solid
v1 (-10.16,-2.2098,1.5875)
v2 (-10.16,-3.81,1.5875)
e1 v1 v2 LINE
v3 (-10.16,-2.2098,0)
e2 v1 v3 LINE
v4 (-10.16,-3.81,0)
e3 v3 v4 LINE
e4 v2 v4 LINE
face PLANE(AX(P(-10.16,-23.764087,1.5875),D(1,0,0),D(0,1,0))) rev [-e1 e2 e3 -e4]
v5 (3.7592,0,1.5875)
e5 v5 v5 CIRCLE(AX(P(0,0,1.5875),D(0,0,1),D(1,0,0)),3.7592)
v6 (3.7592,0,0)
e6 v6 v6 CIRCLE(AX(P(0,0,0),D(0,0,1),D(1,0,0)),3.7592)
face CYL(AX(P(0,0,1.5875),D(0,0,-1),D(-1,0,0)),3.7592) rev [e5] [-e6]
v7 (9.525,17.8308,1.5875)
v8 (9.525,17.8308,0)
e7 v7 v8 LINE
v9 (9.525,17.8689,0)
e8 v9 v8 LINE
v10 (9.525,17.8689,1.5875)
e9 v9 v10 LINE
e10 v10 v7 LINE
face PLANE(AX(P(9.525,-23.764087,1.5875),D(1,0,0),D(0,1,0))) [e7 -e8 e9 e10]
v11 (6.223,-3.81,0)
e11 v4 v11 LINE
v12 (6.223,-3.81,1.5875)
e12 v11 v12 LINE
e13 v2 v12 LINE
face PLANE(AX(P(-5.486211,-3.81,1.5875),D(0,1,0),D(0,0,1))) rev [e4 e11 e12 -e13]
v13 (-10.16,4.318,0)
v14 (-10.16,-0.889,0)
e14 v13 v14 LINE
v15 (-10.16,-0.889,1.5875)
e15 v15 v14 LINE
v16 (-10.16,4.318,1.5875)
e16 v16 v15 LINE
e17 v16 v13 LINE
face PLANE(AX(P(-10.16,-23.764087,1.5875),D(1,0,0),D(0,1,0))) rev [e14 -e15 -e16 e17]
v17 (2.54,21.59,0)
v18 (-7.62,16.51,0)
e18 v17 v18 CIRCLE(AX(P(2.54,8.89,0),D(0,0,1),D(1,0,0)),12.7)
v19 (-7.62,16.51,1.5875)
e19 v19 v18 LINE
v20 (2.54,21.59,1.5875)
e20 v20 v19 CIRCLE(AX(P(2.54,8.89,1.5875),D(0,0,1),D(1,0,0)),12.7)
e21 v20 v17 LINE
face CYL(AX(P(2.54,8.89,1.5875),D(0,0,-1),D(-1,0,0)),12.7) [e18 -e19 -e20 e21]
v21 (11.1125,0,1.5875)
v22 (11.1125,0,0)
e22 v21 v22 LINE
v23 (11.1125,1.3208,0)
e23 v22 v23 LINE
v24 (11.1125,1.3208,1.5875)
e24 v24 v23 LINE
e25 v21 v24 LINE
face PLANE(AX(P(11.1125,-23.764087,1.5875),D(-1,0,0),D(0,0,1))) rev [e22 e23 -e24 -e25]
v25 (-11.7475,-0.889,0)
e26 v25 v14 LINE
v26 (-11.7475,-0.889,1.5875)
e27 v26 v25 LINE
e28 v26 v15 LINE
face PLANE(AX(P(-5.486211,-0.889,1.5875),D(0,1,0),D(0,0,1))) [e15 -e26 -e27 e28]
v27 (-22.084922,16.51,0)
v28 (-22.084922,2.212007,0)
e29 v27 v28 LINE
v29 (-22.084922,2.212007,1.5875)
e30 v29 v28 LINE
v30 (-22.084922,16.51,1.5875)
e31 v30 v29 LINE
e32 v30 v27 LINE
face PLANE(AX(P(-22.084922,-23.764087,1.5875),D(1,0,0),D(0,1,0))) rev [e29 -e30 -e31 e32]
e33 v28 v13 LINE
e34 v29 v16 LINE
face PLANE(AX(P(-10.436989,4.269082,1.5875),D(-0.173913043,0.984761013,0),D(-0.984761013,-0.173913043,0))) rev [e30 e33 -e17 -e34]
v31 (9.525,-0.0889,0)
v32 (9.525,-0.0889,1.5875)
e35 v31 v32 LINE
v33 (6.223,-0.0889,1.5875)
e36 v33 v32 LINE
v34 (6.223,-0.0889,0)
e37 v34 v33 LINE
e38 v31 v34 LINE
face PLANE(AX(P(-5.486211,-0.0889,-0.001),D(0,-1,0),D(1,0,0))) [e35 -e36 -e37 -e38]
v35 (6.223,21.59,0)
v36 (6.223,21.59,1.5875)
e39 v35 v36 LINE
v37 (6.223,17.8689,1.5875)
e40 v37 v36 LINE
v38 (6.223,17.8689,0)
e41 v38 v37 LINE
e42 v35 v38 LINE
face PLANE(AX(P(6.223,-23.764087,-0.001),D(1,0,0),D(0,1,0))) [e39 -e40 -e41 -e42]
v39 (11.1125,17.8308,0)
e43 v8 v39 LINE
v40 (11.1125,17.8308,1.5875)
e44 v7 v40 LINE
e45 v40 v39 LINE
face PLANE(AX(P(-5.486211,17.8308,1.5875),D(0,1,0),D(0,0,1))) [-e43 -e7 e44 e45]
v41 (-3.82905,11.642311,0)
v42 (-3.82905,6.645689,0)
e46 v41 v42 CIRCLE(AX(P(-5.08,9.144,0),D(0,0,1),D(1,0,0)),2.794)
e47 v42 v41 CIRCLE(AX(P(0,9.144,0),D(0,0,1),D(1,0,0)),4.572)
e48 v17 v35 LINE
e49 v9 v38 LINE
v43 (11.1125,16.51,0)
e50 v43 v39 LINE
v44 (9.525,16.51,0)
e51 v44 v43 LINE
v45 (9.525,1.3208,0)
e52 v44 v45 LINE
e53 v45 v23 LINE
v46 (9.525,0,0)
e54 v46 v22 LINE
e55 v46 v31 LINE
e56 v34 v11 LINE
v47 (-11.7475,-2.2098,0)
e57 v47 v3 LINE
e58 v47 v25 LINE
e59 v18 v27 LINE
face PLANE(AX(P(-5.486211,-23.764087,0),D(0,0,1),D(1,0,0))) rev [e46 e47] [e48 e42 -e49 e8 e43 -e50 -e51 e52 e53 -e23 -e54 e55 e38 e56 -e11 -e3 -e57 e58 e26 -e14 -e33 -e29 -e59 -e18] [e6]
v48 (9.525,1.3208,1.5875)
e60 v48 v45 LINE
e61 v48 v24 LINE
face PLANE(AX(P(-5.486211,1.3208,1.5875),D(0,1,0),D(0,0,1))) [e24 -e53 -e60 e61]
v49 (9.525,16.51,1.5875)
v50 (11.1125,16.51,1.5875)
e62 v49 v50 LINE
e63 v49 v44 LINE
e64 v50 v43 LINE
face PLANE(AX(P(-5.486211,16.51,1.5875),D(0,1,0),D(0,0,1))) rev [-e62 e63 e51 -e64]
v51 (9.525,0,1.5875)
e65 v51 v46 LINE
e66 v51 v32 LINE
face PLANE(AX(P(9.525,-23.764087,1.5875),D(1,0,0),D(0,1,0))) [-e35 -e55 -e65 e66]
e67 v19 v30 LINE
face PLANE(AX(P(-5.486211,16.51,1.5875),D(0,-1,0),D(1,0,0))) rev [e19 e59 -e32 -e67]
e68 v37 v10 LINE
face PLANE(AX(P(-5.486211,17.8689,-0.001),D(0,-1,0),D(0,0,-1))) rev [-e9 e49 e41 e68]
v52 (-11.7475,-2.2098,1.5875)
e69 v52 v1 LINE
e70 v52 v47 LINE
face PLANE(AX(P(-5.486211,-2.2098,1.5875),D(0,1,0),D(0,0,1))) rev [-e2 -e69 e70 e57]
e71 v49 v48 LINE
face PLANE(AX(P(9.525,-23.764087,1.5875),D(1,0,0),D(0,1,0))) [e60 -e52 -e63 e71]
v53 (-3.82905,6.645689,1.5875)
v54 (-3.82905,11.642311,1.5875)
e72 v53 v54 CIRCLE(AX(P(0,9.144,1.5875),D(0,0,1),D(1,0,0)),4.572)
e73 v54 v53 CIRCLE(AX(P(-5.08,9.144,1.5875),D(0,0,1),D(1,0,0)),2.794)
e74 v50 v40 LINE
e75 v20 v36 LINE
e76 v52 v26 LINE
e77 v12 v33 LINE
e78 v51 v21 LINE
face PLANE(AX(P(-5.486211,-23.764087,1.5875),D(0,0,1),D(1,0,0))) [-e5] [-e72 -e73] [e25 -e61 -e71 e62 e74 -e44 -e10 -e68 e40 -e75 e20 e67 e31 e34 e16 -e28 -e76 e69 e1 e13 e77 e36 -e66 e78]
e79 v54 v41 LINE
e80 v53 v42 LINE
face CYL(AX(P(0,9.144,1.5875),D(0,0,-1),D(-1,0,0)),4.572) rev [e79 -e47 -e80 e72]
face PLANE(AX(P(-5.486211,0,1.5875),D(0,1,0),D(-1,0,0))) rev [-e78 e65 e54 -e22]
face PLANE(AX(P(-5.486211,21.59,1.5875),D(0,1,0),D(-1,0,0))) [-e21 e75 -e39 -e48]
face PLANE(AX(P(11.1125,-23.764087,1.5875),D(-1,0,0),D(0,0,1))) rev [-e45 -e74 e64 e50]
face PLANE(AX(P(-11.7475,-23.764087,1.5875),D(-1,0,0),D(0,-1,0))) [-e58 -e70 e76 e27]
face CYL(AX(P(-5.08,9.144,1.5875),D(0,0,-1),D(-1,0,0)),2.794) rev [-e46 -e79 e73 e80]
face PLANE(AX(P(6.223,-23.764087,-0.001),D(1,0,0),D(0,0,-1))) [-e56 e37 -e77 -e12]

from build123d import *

# Parameters (mm, degrees)
SKETCH1_R           = 3.7592
SKETCH1_W           = 1.5875
SKETCH1_H           = 1.3208
BOSS_EXTRUDE1_DEPTH = 1.5875
CUT_EXTRUDE1_REACH  = 32.926


with BuildPart() as part:
    # Sketch1 → Boss-Extrude1 (new body)
    # profile 1 of 6: a face of its own
    with BuildSketch(Plane.XY):
        with BuildLine():
            Line((2.54, 21.59), (9.525, 21.59))
            Line((9.525, 21.59), (9.525, -3.81))
            Line((9.525, -3.81), (-10.16, -3.81))
            Line((-10.16, -3.81), (-10.16, 8.89))
            ThreePointArc((-10.16, 8.89), (-6.440256121, 17.870256121), (2.54, 21.59))
        make_face()
        Circle(SKETCH1_R, mode=Mode.SUBTRACT)
        with BuildLine():
            ThreePointArc((-3.82905, 11.642311449), (-7.874, 9.144), (-3.82905, 6.645688551))
            ThreePointArc((-3.82905, 6.645688551), (4.572, 9.144), (-3.82905, 11.642311449))
        make_face(mode=Mode.SUBTRACT)
    # profile 2 of 6: a face of its own
    with BuildSketch(Plane.XY):
        with Locations((-10.95375, -1.5494)):
            Rectangle(SKETCH1_W, SKETCH1_H)
    # profile 3 of 6: a face of its own
    with BuildSketch(Plane.XY):
        with Locations((10.31875, 17.1704)):
            Rectangle(SKETCH1_W, SKETCH1_H)
    # profile 4 of 6: a face of its own
    with BuildSketch(Plane.XY):
        with Locations((10.31875, 0.6604)):
            Rectangle(SKETCH1_W, SKETCH1_H)
    # profile 5 of 6: a face of its own
    with BuildSketch(Plane.XY):
        with BuildLine():
            ThreePointArc((-10.16, 8.89), (-9.508277885, 12.906092628), (-7.62, 16.51))
            Line((-7.62, 16.51), (-22.084921519, 16.51))
            Line((-22.084921519, 16.51), (-22.084921519, 2.212007412))
            Line((-22.084921519, 2.212007412), (-10.16, 4.318))
            Line((-10.16, 4.318), (-10.16, 8.89))
        make_face()
    # profile 6 of 6: a face of its own
    with BuildSketch(Plane.XY):
        with BuildLine():
            ThreePointArc((-10.16, 8.89), (-9.508277885, 12.906092628), (-7.62, 16.51))
            Line((-7.62, 16.51), (-22.084921519, 16.51))
            Line((-22.084921519, 16.51), (-22.084921519, 2.212007412))
            Line((-22.084921519, 2.212007412), (-10.16, 4.318))
            Line((-10.16, 4.318), (-10.16, 8.89))
        make_face()
    extrude(amount=BOSS_EXTRUDE1_DEPTH)

    # Sketch2 → Cut-Extrude1 (cut, up to next)
    with BuildSketch(Plane.XY.offset(1.5875), mode=Mode.PRIVATE) as cut_extrude1_sk1:
        Polygon((6.223, -0.0889), (6.223, -3.81), (9.525, -3.81), (9.525, -3.0226), (9.525, -0.9144), (9.525, -0.0889), align=None)
    cut_extrude1_tool1 = extrude(cut_extrude1_sk1.sketch, amount=-CUT_EXTRUDE1_REACH, mode=Mode.PRIVATE) & part.part
    # Sketch2 → Cut-Extrude1 (cut, up to next)
    with BuildSketch(Plane.XY.offset(1.5875), mode=Mode.PRIVATE) as cut_extrude1_sk2:
        Polygon((9.525, 18.6944), (9.525, 20.8026), (9.525, 21.59), (6.223, 21.59), (6.223, 17.8689), (9.525, 17.8689), align=None)
    cut_extrude1_tool2 = extrude(cut_extrude1_sk2.sketch, amount=-CUT_EXTRUDE1_REACH, mode=Mode.PRIVATE) & part.part
    add(cut_extrude1_tool1.solids().sort_by_distance((7.874, -1.94945, 1.5875))[0], mode=Mode.SUBTRACT)
    add(cut_extrude1_tool2.solids().sort_by_distance((7.874, 19.72945, 1.5875))[0], mode=Mode.SUBTRACT)


solid = part.part
